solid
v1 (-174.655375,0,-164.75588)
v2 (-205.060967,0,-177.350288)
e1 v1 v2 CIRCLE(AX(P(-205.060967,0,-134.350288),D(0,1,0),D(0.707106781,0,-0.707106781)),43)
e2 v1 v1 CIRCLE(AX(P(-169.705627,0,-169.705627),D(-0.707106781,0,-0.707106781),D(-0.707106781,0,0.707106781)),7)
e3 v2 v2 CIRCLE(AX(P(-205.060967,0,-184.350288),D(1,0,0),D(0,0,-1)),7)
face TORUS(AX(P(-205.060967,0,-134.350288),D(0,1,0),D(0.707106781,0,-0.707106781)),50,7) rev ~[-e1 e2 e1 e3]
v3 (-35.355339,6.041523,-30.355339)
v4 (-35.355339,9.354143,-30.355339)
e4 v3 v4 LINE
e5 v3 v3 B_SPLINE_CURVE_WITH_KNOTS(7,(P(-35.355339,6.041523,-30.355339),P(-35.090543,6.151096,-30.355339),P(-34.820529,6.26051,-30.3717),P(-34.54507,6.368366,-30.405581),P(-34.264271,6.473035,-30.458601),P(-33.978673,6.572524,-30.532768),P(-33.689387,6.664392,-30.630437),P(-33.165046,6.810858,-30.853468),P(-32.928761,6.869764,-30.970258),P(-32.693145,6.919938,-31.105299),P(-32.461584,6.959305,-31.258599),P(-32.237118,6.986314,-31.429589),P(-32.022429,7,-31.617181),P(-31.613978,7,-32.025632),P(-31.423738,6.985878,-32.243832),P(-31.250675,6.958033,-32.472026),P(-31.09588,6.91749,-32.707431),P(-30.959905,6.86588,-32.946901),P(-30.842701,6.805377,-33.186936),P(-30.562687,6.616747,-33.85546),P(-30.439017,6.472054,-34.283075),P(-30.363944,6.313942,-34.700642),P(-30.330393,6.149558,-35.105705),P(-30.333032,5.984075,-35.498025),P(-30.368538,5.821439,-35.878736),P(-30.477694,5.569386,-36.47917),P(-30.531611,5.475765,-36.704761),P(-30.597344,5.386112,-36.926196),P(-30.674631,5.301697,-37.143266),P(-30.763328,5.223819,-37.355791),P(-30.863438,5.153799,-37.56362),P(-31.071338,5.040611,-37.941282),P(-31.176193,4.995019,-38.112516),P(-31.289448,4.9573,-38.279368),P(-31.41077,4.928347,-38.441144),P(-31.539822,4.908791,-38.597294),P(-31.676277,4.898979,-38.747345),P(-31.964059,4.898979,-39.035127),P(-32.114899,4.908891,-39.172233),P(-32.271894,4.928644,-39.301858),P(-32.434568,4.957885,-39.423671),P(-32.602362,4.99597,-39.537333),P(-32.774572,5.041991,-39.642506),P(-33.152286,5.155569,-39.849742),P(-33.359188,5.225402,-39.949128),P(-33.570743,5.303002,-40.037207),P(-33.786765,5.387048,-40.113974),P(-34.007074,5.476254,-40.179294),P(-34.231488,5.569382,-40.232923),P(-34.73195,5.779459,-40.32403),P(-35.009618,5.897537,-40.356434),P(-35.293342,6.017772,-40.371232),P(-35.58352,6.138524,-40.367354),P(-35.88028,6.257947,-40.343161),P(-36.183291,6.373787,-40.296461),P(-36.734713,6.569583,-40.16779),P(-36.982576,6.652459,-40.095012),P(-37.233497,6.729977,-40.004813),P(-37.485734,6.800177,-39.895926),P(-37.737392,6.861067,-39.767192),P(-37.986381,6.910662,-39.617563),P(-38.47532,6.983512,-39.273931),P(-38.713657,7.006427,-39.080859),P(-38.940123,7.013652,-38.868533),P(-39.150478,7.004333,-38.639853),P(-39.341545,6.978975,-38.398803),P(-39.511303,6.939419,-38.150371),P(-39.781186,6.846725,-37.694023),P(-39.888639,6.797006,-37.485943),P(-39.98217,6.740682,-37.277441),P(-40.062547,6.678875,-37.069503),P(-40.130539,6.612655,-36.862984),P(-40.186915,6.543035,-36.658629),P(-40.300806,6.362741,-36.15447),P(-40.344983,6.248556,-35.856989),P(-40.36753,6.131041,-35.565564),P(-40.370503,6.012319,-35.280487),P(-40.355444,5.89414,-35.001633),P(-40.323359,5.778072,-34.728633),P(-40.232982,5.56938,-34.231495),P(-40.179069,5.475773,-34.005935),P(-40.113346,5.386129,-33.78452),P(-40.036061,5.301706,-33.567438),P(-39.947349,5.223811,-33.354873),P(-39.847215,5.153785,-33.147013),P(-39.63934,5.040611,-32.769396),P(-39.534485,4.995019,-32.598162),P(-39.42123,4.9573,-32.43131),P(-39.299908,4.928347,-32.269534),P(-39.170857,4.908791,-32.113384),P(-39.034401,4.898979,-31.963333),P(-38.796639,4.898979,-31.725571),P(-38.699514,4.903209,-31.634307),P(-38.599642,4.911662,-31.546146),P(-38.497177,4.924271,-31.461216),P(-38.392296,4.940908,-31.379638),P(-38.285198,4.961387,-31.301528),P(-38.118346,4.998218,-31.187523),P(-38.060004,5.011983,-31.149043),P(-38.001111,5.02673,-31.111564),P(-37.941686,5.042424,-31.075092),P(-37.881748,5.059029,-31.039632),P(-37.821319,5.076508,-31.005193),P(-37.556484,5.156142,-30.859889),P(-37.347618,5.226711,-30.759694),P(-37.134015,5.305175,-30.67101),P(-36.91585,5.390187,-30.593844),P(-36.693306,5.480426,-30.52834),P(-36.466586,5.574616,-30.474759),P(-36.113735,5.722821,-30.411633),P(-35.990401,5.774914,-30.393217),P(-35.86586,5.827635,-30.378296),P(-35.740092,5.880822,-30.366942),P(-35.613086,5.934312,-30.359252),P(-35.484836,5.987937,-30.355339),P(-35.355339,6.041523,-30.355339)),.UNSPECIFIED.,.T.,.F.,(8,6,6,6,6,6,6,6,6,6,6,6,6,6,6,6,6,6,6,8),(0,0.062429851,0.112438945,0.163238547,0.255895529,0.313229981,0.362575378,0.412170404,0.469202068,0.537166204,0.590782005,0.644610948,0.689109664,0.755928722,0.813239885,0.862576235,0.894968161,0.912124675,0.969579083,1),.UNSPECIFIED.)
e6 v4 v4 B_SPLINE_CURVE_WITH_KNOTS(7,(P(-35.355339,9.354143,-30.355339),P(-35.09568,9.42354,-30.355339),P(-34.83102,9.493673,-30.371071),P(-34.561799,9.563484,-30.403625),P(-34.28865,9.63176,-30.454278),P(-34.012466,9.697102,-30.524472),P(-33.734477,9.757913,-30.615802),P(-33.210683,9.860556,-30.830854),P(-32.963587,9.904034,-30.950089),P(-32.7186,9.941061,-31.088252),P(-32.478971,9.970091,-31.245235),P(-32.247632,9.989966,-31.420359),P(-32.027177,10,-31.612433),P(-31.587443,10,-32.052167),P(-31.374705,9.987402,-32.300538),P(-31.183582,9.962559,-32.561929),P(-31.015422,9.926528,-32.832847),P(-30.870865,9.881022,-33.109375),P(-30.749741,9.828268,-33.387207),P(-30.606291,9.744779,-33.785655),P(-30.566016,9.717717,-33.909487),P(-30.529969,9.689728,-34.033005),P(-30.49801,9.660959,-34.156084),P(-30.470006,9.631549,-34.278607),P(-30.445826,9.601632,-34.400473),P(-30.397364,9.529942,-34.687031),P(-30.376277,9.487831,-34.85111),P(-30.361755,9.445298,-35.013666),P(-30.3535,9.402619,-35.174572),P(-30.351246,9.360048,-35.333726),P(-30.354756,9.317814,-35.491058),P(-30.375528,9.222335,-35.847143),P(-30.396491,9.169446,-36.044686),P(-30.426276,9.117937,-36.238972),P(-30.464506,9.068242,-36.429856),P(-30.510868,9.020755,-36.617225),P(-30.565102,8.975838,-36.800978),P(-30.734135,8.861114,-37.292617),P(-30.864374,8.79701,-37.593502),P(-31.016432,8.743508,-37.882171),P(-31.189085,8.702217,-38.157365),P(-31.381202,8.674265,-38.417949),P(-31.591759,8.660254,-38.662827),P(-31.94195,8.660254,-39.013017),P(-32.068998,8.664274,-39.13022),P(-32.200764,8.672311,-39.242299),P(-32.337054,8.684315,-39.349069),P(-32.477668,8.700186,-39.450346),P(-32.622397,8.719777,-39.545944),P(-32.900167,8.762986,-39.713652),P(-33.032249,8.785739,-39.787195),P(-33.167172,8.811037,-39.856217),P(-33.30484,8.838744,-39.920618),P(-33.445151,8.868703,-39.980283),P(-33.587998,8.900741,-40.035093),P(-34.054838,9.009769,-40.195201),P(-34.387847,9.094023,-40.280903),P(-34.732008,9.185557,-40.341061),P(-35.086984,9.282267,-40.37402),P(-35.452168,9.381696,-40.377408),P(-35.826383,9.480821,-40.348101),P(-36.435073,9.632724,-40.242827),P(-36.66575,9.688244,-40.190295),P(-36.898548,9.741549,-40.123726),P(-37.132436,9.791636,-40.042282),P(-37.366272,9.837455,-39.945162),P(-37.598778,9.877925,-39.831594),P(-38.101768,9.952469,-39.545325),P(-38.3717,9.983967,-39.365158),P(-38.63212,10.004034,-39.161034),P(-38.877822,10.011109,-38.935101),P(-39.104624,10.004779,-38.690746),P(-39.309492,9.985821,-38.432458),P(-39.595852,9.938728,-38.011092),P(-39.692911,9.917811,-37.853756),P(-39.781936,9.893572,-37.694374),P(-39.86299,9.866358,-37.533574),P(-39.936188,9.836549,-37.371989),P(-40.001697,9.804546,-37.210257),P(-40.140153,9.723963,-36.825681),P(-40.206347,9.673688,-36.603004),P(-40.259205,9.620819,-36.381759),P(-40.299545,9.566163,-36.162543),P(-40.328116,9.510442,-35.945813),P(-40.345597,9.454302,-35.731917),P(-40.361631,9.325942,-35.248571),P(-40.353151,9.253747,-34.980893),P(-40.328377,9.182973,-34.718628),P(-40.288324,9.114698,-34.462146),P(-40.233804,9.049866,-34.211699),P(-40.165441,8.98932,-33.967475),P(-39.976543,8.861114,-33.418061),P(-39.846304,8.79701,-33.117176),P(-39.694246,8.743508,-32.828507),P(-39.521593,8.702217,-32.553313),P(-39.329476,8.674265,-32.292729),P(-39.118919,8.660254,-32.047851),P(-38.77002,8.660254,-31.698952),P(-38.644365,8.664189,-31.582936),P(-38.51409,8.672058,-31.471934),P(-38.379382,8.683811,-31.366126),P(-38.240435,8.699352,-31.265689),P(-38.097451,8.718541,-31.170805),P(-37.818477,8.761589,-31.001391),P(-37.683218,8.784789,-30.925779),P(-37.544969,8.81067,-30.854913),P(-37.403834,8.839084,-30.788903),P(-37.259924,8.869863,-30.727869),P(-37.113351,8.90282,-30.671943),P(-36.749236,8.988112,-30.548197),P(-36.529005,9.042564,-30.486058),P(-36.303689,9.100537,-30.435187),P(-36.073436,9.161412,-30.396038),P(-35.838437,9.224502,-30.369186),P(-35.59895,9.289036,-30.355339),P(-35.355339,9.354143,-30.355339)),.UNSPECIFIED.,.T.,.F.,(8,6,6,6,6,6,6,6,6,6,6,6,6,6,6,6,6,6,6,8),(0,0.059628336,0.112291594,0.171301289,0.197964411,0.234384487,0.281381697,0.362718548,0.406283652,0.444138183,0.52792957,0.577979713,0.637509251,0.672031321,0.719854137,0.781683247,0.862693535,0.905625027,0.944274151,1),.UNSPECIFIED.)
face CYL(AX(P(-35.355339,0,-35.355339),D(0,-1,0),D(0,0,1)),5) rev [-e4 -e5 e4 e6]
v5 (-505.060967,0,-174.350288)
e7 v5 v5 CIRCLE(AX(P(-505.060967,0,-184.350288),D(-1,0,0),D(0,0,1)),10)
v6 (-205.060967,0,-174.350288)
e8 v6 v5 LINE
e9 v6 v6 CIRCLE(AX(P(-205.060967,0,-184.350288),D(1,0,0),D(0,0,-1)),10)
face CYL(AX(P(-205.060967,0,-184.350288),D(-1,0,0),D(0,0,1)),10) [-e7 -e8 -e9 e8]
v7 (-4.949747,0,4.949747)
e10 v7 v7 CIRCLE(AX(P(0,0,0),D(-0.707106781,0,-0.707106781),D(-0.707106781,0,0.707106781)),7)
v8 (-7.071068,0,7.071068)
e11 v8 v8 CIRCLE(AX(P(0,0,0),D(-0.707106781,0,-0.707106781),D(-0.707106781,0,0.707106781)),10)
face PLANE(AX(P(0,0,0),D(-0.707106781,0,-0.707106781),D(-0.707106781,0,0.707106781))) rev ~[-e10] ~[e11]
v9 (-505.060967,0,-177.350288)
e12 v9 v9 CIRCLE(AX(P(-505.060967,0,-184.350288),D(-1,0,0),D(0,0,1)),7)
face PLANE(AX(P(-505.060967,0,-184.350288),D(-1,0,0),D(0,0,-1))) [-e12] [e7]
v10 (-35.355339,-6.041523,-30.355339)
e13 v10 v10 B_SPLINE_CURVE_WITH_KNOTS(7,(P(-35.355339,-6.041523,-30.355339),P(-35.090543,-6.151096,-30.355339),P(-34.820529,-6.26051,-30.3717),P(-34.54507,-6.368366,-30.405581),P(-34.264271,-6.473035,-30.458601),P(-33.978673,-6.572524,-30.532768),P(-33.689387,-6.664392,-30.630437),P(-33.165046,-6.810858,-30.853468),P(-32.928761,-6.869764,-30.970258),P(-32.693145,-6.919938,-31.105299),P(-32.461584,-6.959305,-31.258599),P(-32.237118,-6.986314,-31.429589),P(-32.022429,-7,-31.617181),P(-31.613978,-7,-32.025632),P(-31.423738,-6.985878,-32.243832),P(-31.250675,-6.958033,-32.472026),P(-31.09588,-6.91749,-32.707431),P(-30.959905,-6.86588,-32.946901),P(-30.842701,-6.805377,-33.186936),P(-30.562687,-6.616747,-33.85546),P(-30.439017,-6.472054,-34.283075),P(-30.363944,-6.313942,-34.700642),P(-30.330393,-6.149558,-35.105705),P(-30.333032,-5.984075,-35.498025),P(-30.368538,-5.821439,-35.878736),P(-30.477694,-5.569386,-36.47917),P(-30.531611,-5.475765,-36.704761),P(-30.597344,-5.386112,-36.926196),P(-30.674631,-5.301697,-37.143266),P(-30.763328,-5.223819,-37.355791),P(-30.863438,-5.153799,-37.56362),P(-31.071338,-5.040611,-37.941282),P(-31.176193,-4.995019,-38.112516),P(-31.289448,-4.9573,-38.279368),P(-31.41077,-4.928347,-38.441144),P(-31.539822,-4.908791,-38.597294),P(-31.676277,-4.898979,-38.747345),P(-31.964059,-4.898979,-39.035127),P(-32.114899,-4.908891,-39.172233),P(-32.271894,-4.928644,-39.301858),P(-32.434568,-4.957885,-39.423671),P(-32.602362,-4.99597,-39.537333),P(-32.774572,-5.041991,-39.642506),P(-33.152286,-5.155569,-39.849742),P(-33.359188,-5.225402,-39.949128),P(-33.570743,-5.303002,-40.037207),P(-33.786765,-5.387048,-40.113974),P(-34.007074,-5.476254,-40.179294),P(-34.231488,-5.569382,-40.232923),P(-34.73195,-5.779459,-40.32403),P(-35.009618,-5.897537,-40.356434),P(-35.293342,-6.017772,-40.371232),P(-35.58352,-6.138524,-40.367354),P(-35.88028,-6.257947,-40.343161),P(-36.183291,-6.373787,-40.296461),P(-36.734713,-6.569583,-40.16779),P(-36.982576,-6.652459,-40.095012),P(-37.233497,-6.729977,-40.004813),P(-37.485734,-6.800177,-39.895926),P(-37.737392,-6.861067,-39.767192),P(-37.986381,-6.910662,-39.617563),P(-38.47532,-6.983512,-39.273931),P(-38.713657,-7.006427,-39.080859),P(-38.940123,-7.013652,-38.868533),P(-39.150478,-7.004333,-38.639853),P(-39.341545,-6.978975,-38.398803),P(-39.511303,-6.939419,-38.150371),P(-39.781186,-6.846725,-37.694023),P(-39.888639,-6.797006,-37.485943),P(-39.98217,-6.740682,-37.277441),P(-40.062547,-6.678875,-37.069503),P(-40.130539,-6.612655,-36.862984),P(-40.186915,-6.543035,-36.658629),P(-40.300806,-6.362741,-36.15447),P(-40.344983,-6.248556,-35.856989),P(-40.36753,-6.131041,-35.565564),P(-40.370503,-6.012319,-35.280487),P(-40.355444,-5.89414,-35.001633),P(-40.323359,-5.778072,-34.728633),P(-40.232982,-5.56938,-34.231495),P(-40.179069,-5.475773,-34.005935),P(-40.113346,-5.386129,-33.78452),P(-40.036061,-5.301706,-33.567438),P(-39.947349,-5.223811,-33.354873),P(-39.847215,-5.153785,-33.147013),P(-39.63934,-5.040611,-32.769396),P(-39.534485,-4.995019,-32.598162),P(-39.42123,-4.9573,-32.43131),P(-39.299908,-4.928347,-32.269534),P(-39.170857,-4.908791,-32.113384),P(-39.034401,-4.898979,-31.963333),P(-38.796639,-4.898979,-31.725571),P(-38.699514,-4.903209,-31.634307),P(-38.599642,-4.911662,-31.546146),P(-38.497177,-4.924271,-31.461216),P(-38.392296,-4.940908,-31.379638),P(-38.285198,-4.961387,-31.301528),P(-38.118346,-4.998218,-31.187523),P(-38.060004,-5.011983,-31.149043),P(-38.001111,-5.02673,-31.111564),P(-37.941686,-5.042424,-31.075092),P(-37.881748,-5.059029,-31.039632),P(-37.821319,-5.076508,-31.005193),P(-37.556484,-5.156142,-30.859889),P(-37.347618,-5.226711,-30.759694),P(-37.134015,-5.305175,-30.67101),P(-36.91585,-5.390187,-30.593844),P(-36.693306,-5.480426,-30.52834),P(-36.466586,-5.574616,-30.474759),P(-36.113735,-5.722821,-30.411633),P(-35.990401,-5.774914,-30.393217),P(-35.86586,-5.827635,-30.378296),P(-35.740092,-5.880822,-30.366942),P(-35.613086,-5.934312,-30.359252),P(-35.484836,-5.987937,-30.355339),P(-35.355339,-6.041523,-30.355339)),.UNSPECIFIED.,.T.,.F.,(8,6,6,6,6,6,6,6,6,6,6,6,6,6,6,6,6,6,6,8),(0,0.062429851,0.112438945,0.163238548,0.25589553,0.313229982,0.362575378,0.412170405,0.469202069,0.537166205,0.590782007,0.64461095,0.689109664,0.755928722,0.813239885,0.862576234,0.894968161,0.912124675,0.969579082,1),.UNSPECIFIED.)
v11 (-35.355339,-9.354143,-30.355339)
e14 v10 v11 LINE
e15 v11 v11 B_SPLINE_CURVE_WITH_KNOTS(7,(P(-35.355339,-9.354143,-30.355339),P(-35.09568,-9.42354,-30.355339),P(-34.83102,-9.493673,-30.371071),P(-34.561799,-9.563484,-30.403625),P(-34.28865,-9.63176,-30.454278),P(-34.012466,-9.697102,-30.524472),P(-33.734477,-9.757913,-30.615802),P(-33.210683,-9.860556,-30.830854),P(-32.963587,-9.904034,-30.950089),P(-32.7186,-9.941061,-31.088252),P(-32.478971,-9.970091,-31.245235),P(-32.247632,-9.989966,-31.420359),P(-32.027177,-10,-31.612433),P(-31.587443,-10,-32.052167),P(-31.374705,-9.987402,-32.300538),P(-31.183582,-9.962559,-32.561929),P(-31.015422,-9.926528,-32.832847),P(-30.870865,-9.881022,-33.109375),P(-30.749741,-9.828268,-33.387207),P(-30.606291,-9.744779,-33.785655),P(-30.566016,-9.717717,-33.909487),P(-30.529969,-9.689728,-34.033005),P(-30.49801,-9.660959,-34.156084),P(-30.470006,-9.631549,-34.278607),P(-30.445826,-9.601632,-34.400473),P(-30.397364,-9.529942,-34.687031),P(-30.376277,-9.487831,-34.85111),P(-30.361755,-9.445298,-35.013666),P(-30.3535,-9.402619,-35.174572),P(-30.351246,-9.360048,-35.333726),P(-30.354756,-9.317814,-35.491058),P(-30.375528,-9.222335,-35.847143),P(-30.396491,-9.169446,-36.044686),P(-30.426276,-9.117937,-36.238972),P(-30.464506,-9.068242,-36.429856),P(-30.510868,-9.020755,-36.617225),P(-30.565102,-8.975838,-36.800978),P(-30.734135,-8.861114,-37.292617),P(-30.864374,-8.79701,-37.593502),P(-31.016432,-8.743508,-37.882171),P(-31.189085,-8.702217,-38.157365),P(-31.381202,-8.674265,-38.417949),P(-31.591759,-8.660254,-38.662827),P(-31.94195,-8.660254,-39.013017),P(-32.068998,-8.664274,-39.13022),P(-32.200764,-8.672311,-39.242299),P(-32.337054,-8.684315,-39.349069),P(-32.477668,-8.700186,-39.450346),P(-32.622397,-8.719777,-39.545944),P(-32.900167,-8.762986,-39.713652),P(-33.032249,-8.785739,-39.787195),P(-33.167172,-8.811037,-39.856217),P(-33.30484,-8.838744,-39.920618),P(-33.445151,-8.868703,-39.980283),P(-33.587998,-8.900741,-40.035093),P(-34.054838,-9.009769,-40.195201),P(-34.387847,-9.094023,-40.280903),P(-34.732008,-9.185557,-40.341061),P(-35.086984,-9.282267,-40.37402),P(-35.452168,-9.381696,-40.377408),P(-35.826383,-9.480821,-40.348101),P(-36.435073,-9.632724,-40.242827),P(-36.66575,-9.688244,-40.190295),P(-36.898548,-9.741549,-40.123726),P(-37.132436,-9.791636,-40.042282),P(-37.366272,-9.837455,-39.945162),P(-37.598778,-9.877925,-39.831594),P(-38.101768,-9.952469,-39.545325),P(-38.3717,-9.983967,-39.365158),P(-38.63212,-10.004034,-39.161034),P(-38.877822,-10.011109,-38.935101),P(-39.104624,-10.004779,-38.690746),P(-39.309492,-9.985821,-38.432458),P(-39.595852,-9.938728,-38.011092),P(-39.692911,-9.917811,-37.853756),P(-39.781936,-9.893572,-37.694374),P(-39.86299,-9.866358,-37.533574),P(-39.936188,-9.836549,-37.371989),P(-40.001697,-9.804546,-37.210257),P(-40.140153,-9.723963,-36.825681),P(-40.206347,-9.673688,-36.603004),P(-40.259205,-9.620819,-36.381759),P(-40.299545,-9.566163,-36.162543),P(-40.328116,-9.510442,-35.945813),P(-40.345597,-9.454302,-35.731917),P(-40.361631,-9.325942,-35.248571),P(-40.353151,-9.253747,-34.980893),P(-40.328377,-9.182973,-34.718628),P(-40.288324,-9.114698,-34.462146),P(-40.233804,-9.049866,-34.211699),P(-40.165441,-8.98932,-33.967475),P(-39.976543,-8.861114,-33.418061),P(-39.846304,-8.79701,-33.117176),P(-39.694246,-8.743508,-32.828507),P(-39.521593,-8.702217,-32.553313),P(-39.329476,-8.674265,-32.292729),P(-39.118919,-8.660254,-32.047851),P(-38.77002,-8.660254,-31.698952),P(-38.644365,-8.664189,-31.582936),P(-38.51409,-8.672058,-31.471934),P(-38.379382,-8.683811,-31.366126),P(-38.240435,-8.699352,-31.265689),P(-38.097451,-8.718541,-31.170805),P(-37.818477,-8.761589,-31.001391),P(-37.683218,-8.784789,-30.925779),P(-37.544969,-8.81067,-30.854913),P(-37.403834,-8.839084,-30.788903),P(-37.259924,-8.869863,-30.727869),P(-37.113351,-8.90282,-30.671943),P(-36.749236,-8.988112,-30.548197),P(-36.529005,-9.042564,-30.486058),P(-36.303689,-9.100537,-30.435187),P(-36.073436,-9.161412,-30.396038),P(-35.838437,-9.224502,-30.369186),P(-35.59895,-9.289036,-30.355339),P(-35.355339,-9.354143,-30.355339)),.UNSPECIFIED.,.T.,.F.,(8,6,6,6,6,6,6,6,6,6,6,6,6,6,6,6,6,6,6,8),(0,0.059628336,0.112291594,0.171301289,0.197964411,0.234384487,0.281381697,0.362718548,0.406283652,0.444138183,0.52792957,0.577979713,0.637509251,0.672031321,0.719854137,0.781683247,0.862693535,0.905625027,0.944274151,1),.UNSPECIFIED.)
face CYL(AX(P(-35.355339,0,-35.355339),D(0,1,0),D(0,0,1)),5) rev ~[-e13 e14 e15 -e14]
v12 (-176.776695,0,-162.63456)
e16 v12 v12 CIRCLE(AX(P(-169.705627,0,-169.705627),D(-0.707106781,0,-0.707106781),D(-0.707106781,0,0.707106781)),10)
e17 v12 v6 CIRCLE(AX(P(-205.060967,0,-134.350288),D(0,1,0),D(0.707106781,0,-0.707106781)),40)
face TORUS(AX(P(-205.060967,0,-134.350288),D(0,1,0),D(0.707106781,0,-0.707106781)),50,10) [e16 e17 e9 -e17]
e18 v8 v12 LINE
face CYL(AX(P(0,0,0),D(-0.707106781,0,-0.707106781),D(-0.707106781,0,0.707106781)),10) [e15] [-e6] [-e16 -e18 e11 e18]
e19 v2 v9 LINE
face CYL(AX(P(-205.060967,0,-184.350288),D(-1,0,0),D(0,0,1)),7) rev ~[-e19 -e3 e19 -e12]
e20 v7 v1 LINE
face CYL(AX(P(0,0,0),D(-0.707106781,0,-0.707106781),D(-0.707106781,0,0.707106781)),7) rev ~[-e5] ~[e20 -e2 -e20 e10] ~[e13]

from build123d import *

# Parameters (mm, degrees)
SWEEP_THIN1_PROFILE_R   = 10
SWEEP_THIN1_PROFILE_R_2 = 7
SKETCH22_R              = 5
CUT_EXTRUDE1_DEPTH      = 542.256514583
CUT_EXTRUDE1_DEPTH_BACK = 542.256514583


with BuildPart() as part:
    # Sweep-Thin1: sweep along a path in Sketch1
    with BuildLine(Plane(origin=(0, 0, 0), x_dir=(1, 0, 0), z_dir=(0, 1, 0))) as sweep_thin1_path:
        Line((0, 0), (-169.705627485, 169.705627485))
        ThreePointArc((-169.705627485, 169.705627485), (-185.926794926, 180.544265051), (-205.060966544, 184.350288425))
        Line((-205.060966544, 184.350288425), (-505.060966544, 184.350288425))
    # Sweep-Thin1 profile (on start of the path) → Sweep-Thin1 (sweep)
    with BuildSketch(Plane(origin=(0, 0, 0), x_dir=(-0.7071067811865487, 0, 0.7071067811865465), z_dir=(-0.7071067811865465, 0, -0.7071067811865487))):
        Circle(SWEEP_THIN1_PROFILE_R)
        Circle(SWEEP_THIN1_PROFILE_R_2, mode=Mode.SUBTRACT)
    sweep(path=sweep_thin1_path.line)

    # Sketch22 → Cut-Extrude1 (cut, two sides)
    with BuildSketch(Plane(origin=(0, 0, 0), x_dir=(1, 0, 0), z_dir=(0, 1, 0))) as cut_extrude1_sk:
        with Locations(Location((-35.355339059, 35.355339059, 0), (0, 0, 270))):
            Circle(SKETCH22_R)
    extrude(amount=CUT_EXTRUDE1_DEPTH, mode=Mode.SUBTRACT)
    extrude(cut_extrude1_sk.sketch, amount=-CUT_EXTRUDE1_DEPTH_BACK, mode=Mode.SUBTRACT)


solid = part.part
